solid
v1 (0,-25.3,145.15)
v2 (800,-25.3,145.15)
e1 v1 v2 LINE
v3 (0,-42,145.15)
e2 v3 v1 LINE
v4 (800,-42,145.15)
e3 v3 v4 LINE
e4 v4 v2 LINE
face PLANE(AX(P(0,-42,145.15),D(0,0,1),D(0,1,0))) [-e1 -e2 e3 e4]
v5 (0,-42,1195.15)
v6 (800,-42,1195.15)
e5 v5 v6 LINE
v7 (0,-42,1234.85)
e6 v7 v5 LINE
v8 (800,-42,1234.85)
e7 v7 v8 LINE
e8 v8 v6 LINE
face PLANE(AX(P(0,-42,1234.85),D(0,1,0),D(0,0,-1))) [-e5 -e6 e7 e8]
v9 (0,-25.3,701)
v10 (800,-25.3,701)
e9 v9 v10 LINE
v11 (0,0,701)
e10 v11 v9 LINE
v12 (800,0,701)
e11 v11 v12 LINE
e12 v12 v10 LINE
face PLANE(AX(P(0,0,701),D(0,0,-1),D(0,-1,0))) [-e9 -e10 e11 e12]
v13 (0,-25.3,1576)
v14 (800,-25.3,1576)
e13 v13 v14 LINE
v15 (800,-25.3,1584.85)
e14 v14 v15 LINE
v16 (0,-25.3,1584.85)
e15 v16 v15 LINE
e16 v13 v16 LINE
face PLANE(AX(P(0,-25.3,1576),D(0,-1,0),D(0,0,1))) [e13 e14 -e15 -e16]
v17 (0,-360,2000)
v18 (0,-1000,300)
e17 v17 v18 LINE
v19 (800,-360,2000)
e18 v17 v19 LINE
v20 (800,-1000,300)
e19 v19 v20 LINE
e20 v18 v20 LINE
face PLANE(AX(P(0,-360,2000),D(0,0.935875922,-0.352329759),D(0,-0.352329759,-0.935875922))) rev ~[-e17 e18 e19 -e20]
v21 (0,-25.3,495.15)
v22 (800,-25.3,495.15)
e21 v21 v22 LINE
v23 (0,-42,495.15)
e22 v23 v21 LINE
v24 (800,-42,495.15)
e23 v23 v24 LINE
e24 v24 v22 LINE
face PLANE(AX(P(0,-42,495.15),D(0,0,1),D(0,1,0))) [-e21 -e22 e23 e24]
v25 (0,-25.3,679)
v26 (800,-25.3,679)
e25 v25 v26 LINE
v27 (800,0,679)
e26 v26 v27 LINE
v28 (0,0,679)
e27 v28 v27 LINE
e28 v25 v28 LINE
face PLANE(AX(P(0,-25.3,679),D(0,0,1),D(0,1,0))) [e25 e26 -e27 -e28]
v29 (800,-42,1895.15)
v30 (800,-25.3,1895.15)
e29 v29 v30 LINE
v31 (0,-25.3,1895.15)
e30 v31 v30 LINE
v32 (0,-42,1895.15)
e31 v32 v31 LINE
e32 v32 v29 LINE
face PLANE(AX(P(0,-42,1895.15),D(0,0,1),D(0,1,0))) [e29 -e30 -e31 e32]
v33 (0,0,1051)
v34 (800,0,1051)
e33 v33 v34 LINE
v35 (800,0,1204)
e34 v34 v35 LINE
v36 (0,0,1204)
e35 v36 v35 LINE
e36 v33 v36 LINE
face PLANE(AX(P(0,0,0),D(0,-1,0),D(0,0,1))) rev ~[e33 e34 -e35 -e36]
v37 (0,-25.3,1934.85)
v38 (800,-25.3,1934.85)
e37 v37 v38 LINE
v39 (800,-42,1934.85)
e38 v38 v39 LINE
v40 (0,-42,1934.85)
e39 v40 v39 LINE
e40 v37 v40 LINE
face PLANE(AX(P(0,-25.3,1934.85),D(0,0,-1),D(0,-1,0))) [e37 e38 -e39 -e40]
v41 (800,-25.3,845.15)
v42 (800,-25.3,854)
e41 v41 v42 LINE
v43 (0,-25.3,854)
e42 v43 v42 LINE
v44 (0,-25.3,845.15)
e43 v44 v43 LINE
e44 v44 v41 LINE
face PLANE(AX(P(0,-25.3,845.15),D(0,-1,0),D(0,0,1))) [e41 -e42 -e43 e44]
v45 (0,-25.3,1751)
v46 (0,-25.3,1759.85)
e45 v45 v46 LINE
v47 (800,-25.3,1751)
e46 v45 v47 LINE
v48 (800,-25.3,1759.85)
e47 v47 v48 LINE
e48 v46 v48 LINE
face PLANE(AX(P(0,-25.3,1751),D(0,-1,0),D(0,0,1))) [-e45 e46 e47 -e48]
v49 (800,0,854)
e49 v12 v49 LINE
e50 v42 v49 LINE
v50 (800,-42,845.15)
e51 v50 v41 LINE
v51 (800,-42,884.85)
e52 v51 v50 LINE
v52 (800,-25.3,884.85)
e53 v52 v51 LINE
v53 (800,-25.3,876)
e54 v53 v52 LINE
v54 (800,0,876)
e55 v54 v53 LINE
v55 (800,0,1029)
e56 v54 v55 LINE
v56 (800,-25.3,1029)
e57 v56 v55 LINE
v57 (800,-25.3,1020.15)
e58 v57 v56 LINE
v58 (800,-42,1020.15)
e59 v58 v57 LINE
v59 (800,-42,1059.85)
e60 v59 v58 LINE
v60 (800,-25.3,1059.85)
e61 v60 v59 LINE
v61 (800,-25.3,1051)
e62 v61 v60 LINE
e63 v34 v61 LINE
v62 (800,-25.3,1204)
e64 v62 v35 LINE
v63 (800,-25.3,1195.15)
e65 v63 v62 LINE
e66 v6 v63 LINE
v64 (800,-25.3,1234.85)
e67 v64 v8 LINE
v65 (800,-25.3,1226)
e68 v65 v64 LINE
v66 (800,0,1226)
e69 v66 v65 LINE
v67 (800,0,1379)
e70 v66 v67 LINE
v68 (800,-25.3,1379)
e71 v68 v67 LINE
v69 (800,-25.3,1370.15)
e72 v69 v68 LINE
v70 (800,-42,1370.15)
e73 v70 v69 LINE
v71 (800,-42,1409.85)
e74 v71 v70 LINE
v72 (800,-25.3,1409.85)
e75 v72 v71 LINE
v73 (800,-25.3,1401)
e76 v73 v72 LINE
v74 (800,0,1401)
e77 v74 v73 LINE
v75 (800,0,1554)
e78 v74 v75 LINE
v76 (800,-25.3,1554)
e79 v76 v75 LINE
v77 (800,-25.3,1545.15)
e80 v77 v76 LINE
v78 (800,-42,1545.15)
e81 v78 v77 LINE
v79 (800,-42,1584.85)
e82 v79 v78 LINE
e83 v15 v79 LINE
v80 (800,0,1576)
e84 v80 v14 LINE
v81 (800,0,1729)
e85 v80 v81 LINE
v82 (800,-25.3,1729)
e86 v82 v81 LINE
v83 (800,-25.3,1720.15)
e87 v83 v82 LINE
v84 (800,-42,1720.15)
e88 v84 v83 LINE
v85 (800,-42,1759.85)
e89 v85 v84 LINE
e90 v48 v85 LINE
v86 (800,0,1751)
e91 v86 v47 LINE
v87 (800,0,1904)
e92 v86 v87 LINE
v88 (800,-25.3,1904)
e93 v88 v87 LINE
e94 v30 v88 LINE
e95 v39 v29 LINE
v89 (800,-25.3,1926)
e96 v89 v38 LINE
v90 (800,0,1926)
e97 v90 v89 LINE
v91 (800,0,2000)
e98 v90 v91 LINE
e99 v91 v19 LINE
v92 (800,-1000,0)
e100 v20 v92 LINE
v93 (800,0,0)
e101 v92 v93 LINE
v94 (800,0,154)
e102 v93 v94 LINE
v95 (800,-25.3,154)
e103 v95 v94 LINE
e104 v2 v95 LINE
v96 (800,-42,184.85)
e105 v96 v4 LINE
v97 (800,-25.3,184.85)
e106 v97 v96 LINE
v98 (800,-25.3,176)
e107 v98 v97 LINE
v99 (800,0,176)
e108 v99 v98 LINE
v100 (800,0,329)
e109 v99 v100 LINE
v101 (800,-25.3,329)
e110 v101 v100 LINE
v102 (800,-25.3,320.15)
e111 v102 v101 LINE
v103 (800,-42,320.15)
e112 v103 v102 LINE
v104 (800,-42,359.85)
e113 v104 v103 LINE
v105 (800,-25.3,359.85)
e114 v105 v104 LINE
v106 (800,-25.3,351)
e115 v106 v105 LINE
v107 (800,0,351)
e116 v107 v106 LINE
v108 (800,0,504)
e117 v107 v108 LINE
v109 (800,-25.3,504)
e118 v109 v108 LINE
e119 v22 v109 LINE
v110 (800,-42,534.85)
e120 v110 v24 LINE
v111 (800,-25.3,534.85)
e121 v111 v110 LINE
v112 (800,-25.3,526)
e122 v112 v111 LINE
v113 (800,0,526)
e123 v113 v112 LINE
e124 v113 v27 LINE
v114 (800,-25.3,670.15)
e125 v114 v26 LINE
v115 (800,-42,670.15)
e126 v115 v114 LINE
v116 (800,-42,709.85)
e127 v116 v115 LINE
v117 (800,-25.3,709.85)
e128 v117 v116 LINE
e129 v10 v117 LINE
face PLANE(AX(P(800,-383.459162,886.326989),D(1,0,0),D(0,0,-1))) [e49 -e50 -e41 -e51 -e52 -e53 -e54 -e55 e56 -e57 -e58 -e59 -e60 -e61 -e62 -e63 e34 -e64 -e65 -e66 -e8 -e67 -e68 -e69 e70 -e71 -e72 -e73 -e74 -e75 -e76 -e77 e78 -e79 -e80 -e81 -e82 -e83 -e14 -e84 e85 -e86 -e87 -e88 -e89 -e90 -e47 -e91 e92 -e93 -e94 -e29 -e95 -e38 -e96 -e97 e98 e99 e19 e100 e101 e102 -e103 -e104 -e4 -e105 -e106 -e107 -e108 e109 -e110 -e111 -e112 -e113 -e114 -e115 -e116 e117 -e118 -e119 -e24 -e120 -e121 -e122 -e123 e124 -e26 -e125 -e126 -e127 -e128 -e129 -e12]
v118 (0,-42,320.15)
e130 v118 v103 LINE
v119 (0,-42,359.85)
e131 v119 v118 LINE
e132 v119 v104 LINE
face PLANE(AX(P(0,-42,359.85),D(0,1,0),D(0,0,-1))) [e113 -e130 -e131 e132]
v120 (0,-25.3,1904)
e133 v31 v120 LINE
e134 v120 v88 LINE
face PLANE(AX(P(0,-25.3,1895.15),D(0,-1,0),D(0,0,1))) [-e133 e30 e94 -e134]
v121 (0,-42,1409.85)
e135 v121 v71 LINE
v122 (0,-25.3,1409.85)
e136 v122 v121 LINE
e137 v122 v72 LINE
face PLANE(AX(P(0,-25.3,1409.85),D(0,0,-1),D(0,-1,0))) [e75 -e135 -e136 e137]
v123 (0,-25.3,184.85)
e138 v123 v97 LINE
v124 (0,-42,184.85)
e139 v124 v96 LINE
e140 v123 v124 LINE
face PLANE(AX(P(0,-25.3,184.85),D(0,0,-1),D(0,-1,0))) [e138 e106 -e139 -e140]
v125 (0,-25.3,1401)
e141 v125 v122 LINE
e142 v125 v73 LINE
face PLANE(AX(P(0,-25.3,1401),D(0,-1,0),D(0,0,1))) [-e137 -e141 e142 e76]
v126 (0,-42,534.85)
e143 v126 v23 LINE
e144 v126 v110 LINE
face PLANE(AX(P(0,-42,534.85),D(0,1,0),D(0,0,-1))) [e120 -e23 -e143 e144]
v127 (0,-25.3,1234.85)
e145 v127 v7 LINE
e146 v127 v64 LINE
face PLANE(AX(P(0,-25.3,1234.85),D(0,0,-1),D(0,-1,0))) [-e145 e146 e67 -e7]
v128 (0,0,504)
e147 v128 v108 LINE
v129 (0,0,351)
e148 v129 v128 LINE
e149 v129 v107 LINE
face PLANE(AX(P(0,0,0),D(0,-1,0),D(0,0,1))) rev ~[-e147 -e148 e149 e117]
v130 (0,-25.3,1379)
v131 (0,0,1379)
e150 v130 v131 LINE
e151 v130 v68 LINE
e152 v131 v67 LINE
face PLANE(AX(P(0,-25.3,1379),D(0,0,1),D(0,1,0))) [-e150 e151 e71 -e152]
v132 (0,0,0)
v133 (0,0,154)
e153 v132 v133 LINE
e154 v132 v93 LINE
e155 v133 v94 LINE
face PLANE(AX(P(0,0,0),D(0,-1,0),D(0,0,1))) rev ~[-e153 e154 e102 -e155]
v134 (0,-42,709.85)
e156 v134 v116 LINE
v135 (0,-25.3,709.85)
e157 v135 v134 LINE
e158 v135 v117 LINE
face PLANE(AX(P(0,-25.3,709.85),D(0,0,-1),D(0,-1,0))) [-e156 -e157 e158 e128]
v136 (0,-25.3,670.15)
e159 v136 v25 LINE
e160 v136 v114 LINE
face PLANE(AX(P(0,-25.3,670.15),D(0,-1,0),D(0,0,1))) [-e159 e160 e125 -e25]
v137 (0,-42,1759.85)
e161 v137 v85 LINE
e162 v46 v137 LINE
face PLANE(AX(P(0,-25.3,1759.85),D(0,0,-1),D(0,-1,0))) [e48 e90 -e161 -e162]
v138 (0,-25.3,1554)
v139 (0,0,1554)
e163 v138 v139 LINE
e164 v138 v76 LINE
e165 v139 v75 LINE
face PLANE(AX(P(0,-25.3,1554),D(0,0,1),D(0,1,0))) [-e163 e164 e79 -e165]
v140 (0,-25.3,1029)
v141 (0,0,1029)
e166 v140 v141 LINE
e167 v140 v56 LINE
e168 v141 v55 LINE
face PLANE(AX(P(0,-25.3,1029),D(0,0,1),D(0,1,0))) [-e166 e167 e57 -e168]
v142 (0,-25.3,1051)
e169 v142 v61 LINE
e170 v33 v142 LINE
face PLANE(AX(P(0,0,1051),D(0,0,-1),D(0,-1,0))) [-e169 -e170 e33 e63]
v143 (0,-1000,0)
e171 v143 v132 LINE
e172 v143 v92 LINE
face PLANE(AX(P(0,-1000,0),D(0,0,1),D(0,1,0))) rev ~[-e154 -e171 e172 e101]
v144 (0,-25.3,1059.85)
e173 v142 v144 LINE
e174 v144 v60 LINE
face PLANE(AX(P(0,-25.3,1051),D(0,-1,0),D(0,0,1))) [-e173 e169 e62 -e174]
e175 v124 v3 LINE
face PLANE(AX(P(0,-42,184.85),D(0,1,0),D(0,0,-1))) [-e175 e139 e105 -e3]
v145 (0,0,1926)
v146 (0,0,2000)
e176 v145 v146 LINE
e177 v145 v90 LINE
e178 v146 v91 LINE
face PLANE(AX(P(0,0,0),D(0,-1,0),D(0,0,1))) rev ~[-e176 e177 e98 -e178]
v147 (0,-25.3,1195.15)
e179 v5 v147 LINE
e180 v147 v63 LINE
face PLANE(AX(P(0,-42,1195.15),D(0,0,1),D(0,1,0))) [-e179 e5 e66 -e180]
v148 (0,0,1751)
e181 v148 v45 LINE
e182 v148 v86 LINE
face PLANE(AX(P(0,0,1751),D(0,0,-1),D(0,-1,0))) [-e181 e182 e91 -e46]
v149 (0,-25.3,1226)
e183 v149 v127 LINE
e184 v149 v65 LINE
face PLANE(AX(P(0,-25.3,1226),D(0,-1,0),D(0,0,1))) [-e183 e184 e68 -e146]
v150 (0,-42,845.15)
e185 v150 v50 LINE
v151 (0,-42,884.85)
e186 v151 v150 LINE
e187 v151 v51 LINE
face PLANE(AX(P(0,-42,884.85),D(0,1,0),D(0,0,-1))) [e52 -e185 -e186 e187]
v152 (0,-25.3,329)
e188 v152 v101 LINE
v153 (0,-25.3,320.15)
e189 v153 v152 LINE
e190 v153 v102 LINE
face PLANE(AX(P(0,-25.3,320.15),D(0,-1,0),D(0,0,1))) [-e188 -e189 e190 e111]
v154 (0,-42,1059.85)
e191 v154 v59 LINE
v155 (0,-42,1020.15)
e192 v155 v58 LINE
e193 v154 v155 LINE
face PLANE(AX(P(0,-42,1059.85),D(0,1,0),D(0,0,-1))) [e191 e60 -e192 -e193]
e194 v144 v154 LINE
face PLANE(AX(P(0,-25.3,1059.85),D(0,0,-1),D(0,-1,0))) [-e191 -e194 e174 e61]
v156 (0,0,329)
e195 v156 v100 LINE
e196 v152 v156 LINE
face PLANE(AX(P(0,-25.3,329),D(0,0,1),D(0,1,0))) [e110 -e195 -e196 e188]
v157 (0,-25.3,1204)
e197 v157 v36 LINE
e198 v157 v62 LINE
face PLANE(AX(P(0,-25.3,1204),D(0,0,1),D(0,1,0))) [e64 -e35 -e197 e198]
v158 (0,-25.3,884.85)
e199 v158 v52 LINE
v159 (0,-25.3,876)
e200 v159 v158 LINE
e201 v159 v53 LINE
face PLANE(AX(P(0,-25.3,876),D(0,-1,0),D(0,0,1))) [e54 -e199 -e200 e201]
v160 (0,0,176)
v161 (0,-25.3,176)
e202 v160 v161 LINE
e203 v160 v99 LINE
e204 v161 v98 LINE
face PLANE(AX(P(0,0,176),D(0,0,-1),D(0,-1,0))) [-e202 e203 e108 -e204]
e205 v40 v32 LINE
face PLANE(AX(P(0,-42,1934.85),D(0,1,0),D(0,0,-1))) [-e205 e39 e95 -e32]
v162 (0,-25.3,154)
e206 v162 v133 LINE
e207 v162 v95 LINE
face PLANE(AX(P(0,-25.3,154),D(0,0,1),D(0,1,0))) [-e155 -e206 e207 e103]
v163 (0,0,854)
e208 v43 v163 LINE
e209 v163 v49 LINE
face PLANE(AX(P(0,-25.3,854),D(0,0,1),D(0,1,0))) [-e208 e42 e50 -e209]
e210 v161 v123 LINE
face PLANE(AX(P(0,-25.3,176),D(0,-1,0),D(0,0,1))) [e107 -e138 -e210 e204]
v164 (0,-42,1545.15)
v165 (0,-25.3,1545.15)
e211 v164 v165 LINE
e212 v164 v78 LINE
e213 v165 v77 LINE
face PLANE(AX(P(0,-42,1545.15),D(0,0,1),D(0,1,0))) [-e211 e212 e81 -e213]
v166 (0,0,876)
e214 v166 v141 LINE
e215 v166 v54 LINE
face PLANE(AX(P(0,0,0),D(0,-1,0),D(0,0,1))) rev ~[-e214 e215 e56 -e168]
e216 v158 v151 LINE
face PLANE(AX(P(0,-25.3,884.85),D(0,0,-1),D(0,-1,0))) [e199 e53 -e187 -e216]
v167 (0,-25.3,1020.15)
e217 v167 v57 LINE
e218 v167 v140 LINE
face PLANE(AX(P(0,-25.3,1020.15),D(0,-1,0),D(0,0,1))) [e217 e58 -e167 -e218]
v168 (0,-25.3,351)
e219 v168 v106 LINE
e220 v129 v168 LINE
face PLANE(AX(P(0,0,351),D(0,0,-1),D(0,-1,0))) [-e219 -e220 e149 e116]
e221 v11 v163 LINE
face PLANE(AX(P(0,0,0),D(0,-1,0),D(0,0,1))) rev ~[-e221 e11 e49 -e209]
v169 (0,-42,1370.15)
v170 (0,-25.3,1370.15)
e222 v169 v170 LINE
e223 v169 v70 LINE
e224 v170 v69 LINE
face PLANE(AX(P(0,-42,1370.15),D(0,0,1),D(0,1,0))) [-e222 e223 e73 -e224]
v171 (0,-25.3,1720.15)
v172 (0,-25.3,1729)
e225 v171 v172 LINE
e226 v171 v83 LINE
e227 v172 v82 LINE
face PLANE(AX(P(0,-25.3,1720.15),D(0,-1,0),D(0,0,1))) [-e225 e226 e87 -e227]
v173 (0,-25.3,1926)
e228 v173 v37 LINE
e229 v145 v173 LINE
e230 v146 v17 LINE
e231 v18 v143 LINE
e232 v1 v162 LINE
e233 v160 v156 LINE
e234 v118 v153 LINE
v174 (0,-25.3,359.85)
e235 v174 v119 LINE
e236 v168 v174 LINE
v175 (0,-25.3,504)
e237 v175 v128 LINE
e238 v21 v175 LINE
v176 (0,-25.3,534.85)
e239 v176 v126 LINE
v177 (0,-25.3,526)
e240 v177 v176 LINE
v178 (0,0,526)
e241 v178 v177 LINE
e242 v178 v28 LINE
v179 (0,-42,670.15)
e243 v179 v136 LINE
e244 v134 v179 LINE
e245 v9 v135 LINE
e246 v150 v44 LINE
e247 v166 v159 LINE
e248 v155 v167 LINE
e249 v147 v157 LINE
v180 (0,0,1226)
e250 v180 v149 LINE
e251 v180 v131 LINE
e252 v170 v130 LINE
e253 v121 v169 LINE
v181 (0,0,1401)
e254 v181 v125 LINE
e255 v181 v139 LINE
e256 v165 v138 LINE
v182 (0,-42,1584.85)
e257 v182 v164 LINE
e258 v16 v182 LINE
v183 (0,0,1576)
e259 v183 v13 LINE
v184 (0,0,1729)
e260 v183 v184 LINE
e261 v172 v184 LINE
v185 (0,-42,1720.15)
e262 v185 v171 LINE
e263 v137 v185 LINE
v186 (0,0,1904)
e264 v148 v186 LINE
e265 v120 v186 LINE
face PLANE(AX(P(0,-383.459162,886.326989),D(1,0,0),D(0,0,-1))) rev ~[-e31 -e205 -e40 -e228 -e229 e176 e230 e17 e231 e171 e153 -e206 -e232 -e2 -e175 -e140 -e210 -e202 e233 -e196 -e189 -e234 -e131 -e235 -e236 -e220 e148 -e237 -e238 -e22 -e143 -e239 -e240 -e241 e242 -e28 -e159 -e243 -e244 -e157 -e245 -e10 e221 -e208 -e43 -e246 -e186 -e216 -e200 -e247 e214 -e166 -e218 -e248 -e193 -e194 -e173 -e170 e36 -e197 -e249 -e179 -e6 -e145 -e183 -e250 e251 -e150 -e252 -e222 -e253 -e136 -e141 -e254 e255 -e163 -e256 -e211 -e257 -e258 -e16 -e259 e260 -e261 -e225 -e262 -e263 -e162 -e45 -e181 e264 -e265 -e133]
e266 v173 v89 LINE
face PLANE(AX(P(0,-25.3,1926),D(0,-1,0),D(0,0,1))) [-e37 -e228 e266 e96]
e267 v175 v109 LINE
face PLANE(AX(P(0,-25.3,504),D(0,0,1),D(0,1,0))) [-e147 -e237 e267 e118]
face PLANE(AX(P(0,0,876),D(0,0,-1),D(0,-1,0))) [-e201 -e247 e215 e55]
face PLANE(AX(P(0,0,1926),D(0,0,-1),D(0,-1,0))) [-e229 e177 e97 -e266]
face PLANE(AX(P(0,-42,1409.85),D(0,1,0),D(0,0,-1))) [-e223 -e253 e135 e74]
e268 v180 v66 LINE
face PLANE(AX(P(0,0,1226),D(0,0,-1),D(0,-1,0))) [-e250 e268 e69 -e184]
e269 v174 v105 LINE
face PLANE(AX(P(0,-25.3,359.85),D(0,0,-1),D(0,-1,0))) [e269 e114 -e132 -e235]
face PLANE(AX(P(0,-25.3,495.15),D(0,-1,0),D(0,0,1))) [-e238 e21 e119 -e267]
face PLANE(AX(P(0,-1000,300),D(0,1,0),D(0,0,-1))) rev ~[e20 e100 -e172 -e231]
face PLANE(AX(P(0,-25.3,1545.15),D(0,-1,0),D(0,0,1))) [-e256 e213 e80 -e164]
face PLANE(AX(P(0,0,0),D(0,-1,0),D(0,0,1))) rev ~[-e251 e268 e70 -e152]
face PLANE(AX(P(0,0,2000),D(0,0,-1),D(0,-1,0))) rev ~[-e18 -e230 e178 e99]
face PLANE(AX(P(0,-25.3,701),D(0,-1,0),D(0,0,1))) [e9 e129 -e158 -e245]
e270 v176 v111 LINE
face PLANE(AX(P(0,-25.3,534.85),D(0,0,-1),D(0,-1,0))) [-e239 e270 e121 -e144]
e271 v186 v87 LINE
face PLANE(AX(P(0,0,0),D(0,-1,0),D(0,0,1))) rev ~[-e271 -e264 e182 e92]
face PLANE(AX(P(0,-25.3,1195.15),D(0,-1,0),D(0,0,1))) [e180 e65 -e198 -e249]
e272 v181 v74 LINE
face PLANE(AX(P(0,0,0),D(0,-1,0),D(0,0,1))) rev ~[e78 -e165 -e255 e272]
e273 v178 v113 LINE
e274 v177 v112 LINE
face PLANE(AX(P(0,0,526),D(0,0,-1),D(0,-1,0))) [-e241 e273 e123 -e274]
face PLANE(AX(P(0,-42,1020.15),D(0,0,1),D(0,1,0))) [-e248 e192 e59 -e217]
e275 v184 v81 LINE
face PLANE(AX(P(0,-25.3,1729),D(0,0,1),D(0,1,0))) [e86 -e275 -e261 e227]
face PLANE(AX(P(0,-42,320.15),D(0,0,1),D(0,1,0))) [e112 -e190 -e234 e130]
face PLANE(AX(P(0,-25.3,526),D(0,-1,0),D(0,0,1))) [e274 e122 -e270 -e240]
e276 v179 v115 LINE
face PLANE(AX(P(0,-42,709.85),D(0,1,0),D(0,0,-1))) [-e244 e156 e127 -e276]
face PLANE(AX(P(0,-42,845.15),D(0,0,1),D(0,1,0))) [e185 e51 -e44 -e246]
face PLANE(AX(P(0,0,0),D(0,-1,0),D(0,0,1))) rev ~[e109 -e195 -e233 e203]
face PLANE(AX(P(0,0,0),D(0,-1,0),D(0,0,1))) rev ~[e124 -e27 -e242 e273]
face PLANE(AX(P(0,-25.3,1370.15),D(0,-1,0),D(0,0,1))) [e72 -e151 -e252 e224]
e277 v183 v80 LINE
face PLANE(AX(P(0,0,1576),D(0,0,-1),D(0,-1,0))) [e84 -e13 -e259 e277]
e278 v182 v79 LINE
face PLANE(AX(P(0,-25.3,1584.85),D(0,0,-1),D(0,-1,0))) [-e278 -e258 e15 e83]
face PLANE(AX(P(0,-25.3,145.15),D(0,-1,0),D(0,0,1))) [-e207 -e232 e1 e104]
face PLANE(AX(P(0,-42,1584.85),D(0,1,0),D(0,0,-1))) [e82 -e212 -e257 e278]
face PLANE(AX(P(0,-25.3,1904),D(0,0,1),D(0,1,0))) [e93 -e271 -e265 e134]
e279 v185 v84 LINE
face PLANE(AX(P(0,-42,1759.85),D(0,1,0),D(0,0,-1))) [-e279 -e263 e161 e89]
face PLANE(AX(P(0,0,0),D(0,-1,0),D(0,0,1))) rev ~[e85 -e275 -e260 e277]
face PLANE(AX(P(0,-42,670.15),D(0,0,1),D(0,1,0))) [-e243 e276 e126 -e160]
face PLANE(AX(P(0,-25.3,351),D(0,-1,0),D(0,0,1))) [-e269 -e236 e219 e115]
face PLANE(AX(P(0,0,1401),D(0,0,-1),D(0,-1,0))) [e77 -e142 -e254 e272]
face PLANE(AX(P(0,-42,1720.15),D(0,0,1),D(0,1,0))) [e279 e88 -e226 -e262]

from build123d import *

# Parameters (mm, degrees)
BOSS_EXTRUDE1_DEPTH = 800
CUT_EXTRUDE1_REACH  = 2376.868
LPATTERN1_COUNT     = 11
LPATTERN1_PITCH     = 175


with BuildPart() as part:
    # Sketch4 → Boss-Extrude1 (new body)
    with BuildSketch(Plane(origin=(0, 0, 0), x_dir=(0, 0, -1), z_dir=(1, 0, 0))):
        Polygon((0, 0), (-2000, 0), (-2000, -360), (-300, -1000), (0, -1000), align=None)
    extrude(amount=BOSS_EXTRUDE1_DEPTH)

    # Sketch6 → Cut-Extrude1 (cut, up to next)
    with BuildSketch(Plane(origin=(0, 0, 0), x_dir=(0, 0, -1), z_dir=(1, 0, 0)), mode=Mode.PRIVATE) as cut_extrude1_sk1:
        Polygon((-154, 0), (-176, 0), (-176, -25.3), (-184.85, -25.3), (-184.85, -42), (-145.15, -42), (-145.15, -25.3), (-154, -25.3), align=None)
    cut_extrude1_tool1 = extrude(cut_extrude1_sk1.sketch, amount=CUT_EXTRUDE1_REACH, mode=Mode.PRIVATE) & part.part
    cut_extrude1 = cut_extrude1_tool1.solids().sort_by_distance((0, -24.065959, 165))[0]
    add(cut_extrude1, mode=Mode.SUBTRACT)

    # LPattern1: Cut-Extrude1 ×11
    with Locations(*[(0, 0, i * LPATTERN1_PITCH) for i in range(1, LPATTERN1_COUNT)]):
        add(cut_extrude1, mode=Mode.SUBTRACT)


solid = part.part
